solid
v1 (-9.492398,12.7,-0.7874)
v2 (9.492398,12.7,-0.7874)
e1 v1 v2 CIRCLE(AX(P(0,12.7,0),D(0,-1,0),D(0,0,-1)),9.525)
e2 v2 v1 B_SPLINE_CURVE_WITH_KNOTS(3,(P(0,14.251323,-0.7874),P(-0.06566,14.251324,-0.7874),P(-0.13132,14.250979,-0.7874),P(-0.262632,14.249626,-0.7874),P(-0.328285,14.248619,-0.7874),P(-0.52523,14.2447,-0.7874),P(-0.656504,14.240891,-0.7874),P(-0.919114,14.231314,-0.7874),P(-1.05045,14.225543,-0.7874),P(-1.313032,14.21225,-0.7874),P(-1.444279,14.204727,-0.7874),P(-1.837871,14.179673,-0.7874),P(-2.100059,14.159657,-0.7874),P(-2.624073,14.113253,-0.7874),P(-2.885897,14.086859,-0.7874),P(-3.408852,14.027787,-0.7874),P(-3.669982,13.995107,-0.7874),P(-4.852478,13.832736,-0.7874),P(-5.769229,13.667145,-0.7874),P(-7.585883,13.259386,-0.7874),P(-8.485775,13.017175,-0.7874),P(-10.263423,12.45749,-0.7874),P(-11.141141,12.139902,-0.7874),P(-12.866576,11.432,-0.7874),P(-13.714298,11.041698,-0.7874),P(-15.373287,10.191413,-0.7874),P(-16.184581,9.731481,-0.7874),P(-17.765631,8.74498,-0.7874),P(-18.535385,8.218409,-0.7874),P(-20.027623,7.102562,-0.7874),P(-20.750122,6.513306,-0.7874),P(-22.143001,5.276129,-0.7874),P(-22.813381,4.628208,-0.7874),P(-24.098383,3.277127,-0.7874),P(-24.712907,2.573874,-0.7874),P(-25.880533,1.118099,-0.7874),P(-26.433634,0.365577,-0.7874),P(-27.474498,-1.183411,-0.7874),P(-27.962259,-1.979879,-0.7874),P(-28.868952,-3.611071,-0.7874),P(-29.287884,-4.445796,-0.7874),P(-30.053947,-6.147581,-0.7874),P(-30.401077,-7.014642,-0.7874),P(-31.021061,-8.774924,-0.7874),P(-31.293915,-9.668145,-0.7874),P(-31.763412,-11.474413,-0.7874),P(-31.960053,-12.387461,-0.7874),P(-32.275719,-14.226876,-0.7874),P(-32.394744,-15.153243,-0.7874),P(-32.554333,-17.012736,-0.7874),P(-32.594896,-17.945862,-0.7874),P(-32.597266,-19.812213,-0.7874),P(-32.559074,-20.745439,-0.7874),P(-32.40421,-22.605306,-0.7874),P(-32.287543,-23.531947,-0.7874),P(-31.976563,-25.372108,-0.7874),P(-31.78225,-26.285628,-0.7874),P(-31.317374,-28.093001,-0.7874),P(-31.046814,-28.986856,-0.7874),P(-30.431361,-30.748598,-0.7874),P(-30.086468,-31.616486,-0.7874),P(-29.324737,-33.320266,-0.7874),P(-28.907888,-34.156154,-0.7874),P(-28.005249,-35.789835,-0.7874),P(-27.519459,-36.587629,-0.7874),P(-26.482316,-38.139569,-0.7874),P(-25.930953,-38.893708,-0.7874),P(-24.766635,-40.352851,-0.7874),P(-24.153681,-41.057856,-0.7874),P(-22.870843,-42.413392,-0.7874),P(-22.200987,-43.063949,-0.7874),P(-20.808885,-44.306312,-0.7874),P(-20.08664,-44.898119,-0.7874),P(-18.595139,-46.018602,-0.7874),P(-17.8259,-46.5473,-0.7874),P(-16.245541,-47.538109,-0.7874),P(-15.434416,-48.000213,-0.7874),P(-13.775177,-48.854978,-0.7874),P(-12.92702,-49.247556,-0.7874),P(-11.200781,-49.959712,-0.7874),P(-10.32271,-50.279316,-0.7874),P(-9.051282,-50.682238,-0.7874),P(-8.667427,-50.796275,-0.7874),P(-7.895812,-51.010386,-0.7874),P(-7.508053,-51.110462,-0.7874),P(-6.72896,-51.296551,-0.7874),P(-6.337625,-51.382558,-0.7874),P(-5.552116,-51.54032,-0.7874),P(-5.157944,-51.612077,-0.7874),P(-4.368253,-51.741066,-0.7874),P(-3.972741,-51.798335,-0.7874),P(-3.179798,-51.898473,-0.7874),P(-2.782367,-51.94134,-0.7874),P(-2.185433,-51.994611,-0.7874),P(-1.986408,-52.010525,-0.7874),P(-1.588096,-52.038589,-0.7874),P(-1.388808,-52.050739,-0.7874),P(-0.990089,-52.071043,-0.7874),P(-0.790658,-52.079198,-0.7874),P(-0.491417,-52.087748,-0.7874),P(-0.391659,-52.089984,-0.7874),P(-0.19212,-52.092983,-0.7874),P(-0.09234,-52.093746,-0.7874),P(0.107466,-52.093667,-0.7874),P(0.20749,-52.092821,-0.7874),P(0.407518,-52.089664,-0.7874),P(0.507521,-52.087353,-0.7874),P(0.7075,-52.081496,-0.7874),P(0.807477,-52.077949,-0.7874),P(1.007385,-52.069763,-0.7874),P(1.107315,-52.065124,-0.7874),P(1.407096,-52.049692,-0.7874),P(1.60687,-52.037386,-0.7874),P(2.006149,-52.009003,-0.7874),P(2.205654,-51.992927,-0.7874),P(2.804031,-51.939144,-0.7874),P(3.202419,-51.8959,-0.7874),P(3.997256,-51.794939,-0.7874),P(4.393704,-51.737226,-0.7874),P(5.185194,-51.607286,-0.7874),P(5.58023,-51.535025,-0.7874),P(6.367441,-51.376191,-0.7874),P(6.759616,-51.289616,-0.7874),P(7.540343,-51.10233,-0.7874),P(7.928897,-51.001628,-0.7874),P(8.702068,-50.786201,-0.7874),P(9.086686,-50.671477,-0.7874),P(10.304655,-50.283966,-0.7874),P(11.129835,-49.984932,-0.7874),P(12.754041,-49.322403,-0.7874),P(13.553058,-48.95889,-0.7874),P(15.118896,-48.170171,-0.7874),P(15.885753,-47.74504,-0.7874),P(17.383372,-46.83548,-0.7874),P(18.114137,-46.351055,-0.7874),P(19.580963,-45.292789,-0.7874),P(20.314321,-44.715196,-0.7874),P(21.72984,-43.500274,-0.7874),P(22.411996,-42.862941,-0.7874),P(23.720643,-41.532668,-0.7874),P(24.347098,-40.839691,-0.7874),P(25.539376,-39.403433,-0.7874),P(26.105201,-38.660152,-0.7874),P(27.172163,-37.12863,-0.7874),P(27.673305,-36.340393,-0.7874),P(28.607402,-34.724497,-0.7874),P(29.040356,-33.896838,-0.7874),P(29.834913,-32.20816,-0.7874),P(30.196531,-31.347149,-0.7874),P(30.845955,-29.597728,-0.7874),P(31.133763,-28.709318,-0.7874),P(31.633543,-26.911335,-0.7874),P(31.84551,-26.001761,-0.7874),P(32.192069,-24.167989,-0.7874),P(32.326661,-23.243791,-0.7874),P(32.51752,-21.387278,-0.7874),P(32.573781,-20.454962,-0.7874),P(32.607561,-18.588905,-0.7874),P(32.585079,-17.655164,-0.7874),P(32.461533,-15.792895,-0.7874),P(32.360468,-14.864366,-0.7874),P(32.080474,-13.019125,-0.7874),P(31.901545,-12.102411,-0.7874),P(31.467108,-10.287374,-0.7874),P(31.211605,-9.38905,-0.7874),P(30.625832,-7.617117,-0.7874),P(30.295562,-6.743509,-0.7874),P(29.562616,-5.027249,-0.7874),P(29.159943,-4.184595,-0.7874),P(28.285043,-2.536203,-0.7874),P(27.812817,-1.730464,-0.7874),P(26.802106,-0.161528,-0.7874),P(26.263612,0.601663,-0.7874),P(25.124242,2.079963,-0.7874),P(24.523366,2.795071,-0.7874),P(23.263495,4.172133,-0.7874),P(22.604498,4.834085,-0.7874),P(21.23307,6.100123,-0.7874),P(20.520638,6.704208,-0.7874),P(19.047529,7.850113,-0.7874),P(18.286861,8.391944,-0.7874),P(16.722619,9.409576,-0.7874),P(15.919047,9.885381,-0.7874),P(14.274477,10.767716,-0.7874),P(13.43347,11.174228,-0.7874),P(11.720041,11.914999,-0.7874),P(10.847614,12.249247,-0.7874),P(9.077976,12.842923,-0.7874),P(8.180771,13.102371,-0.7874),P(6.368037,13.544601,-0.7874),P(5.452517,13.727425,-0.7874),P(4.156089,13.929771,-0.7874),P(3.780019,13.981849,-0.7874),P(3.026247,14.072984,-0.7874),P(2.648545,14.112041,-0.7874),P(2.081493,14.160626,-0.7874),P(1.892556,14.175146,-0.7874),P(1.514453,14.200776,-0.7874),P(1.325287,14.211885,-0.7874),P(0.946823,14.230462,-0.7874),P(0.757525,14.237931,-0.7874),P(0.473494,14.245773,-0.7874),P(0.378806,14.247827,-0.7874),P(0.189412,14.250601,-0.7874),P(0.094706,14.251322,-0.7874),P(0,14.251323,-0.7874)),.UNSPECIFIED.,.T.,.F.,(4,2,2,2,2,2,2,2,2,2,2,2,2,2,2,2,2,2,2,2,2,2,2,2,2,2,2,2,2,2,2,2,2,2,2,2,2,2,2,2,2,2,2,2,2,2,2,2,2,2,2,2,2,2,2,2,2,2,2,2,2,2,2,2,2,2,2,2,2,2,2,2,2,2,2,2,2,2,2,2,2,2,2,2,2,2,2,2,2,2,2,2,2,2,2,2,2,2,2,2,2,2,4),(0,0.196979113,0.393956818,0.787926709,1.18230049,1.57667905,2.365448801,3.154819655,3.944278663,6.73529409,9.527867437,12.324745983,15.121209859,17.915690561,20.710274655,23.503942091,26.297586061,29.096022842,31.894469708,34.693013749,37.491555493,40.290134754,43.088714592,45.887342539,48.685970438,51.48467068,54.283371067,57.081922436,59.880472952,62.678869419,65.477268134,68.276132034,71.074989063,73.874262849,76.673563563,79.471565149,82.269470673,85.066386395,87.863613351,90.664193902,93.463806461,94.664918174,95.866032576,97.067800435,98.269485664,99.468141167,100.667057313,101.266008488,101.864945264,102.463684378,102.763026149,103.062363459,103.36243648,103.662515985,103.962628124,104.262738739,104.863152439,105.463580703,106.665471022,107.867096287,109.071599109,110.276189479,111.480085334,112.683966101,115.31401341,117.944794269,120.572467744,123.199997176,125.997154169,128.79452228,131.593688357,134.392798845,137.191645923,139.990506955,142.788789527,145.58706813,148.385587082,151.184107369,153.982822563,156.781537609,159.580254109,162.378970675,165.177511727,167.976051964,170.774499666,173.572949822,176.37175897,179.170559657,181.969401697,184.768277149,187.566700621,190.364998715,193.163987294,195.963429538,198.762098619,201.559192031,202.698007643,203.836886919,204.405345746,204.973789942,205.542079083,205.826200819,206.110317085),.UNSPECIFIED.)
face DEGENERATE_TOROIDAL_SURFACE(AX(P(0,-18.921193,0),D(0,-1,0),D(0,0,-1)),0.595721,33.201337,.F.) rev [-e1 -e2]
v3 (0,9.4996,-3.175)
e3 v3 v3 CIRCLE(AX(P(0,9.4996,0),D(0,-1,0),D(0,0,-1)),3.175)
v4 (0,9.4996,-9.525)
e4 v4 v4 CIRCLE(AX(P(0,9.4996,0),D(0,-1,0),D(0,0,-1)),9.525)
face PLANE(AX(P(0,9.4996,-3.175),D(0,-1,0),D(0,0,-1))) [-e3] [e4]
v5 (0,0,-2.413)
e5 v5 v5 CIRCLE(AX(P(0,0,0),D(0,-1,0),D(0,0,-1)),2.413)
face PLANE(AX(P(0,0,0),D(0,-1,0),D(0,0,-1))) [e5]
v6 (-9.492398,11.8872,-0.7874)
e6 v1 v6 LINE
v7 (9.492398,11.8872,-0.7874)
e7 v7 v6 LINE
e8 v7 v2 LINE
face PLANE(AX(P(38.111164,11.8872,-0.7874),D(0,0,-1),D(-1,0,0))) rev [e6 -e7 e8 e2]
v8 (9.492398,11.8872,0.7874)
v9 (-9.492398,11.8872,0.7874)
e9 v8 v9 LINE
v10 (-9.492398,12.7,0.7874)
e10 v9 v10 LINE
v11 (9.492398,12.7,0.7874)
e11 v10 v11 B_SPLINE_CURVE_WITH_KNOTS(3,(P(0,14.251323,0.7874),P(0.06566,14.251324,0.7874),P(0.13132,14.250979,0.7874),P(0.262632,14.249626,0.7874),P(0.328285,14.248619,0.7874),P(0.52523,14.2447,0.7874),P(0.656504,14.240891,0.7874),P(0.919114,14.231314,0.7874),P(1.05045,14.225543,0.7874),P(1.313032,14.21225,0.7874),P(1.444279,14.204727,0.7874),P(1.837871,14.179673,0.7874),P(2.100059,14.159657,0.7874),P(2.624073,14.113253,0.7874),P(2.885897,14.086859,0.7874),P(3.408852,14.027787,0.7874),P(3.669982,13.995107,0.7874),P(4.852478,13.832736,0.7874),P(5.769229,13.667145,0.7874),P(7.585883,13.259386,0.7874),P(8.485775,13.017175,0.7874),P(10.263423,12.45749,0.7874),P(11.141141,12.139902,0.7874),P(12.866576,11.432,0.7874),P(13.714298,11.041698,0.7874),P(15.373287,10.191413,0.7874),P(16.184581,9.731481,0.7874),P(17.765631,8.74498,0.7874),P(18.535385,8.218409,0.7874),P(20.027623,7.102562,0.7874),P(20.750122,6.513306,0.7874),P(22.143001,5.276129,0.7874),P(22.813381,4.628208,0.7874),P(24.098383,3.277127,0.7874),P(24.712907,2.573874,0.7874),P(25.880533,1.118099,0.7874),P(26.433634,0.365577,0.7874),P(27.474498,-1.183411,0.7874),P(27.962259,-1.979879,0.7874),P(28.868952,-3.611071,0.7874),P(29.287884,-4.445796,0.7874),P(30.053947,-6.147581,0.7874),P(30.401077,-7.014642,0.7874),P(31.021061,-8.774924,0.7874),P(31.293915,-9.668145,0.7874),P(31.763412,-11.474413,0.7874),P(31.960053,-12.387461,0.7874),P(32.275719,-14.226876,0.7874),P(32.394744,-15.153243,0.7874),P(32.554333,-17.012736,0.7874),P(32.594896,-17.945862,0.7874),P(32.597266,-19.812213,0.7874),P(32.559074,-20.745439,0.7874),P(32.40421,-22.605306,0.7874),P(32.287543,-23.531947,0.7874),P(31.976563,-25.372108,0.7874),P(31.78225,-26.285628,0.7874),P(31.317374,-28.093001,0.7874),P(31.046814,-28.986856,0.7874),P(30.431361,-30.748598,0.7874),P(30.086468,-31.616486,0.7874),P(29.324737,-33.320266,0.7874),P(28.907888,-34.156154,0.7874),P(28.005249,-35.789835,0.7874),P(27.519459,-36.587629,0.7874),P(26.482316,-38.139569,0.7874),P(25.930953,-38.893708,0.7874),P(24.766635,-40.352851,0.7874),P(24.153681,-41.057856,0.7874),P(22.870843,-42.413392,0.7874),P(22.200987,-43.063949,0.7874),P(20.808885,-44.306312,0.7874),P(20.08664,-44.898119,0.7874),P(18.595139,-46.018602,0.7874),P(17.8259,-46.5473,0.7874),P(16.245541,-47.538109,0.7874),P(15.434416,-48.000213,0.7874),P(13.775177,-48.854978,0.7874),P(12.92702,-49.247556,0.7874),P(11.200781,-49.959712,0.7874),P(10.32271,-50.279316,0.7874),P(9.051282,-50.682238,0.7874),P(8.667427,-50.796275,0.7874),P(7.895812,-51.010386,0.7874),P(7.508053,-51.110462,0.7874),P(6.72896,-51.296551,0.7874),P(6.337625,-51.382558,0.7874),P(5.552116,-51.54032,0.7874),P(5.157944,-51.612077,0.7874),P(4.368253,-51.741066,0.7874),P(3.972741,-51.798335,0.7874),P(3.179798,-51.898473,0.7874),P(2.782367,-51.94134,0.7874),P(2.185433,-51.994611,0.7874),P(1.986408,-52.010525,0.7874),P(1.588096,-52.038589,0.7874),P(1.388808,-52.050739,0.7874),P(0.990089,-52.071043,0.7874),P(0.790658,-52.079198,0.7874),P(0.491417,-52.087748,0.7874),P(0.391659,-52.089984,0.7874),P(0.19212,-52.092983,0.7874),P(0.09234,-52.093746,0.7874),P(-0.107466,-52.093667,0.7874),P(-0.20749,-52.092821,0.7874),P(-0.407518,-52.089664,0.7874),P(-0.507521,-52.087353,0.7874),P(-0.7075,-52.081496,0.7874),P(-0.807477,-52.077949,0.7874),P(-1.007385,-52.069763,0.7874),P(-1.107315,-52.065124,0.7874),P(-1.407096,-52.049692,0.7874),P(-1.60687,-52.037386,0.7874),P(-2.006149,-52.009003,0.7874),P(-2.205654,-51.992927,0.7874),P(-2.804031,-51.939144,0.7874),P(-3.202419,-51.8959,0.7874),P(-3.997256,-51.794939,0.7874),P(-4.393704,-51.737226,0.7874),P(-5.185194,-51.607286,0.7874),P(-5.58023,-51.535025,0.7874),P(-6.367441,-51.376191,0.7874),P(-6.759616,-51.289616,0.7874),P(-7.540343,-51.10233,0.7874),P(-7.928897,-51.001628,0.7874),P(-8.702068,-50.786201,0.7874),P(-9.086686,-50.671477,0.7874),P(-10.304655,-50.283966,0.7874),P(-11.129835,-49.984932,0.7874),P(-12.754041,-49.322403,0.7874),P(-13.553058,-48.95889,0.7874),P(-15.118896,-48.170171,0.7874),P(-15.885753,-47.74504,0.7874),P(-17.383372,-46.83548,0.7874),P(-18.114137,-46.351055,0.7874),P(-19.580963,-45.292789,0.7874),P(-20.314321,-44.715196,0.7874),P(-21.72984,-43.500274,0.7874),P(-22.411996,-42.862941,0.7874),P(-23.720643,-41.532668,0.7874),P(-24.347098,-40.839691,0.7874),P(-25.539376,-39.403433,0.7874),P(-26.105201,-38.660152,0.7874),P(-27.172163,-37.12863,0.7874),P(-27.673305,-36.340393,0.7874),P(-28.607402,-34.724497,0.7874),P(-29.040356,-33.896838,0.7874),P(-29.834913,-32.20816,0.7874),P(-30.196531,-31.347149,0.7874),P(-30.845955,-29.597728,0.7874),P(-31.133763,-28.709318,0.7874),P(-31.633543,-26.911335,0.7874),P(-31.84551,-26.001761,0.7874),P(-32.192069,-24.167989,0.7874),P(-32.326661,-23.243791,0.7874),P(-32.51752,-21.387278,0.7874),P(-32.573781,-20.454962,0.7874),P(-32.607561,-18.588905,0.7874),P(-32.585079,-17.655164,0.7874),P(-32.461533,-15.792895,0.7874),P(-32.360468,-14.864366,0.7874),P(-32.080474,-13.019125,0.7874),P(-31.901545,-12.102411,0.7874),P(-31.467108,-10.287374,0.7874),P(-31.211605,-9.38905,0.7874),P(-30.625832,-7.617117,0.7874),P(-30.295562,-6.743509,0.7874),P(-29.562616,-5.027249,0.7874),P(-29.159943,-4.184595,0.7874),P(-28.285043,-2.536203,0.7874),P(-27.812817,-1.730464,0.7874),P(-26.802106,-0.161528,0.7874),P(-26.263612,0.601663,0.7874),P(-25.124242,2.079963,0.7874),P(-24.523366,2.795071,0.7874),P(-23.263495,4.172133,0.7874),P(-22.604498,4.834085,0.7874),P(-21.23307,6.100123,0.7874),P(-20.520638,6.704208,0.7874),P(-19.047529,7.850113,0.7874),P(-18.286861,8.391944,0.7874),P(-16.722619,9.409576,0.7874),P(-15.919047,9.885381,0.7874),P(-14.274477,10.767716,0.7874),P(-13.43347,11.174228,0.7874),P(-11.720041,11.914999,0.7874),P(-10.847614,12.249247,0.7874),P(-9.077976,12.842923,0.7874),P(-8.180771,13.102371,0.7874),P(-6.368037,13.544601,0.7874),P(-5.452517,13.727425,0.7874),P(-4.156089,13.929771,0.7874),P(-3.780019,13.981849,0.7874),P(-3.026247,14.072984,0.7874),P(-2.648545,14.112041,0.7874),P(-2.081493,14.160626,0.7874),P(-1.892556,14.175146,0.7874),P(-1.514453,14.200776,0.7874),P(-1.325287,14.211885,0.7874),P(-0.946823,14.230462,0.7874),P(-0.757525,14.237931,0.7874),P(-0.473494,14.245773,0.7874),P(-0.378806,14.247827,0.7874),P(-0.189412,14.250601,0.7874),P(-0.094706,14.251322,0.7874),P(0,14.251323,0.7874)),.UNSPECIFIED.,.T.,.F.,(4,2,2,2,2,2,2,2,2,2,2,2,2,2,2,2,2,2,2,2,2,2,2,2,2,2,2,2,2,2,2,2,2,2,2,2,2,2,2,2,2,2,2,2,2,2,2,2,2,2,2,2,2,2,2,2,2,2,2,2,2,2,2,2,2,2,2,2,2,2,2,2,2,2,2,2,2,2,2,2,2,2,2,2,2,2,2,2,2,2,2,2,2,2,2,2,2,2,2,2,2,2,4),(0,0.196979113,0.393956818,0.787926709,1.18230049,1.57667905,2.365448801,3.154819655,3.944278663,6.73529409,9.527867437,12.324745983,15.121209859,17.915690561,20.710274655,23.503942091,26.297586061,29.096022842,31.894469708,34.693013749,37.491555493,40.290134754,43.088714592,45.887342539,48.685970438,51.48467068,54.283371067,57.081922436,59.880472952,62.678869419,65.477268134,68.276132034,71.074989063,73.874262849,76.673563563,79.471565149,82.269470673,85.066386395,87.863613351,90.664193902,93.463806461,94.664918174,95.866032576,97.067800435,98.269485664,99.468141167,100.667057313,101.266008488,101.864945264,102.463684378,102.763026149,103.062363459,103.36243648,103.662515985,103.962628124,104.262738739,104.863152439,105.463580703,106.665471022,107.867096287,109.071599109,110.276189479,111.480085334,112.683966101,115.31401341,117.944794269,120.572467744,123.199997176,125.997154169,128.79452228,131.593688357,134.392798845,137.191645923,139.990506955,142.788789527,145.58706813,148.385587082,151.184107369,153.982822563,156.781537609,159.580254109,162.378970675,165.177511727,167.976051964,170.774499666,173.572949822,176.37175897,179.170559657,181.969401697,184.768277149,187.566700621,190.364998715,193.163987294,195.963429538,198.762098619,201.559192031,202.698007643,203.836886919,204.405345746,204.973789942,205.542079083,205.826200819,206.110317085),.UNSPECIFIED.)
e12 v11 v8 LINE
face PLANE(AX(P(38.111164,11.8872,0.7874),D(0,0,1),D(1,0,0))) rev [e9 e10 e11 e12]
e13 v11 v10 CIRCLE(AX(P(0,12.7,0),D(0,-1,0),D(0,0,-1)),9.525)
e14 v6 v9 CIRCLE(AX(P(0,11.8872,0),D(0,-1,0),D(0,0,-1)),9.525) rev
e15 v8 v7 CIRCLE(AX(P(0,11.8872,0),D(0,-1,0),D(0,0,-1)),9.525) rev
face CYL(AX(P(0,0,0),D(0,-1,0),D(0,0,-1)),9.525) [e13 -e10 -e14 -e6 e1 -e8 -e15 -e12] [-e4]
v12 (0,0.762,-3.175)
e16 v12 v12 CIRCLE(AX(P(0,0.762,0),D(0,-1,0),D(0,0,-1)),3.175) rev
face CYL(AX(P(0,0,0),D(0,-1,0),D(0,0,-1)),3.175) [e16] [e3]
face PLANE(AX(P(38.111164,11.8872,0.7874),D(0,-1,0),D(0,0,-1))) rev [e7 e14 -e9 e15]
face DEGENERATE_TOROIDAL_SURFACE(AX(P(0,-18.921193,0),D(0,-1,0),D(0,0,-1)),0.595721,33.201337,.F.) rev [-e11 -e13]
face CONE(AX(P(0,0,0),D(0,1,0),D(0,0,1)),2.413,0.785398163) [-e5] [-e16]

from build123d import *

# Parameters (mm, degrees)
CUT_EXTRUDE4_DEPTH      = 10.5250001
CUT_EXTRUDE4_DEPTH_BACK = 10.5250001
CHAMFER1_SIZE           = 0.762


with BuildPart() as part:
    # Sketch1 → Revolve1 (revolve)
    with BuildSketch(Plane(origin=(0, 0, 0), x_dir=(0, 0, -1), z_dir=(1, 0, 0))):
        with BuildLine():
            Line((0, 0), (3.175, 0))
            Line((3.175, 0), (3.175, 9.4996))
            Line((3.175, 9.4996), (9.525, 9.4996))
            Line((9.525, 9.4996), (9.525, 12.7))
            ThreePointArc((9.525, 12.7), (4.820045897, 13.835459863), (0, 14.2748))
            Line((0, 14.2748), (0, 0))
        make_face()
    revolve(axis=Axis((0, 0, 0), (0, 1, 0)))

    # Sketch2 → Cut-Extrude4 (cut, two sides)
    with BuildSketch(Plane(origin=(0, 0, 0), x_dir=(0, 0, -1), z_dir=(1, 0, 0))) as cut_extrude4_sk:
        Polygon((-0.7874, 59.433466129), (-0.7874, 14.251322907), (-0.7874, 11.8872), (0.7874, 11.8872), (0.7874, 14.251322907), (0.7874, 59.433466129), (0.7874, 149.797752573), (-0.7874, 149.797752573), align=None)
    extrude(amount=CUT_EXTRUDE4_DEPTH, mode=Mode.SUBTRACT)
    extrude(cut_extrude4_sk.sketch, amount=-CUT_EXTRUDE4_DEPTH_BACK, mode=Mode.SUBTRACT)

    # Chamfer1
    chamfer1_edges = [part.edges().sort_by_distance(p)[0] for p in [
        (0, 0, 3.175),
    ]]
    chamfer(chamfer1_edges, length=CHAMFER1_SIZE)


solid = part.part
